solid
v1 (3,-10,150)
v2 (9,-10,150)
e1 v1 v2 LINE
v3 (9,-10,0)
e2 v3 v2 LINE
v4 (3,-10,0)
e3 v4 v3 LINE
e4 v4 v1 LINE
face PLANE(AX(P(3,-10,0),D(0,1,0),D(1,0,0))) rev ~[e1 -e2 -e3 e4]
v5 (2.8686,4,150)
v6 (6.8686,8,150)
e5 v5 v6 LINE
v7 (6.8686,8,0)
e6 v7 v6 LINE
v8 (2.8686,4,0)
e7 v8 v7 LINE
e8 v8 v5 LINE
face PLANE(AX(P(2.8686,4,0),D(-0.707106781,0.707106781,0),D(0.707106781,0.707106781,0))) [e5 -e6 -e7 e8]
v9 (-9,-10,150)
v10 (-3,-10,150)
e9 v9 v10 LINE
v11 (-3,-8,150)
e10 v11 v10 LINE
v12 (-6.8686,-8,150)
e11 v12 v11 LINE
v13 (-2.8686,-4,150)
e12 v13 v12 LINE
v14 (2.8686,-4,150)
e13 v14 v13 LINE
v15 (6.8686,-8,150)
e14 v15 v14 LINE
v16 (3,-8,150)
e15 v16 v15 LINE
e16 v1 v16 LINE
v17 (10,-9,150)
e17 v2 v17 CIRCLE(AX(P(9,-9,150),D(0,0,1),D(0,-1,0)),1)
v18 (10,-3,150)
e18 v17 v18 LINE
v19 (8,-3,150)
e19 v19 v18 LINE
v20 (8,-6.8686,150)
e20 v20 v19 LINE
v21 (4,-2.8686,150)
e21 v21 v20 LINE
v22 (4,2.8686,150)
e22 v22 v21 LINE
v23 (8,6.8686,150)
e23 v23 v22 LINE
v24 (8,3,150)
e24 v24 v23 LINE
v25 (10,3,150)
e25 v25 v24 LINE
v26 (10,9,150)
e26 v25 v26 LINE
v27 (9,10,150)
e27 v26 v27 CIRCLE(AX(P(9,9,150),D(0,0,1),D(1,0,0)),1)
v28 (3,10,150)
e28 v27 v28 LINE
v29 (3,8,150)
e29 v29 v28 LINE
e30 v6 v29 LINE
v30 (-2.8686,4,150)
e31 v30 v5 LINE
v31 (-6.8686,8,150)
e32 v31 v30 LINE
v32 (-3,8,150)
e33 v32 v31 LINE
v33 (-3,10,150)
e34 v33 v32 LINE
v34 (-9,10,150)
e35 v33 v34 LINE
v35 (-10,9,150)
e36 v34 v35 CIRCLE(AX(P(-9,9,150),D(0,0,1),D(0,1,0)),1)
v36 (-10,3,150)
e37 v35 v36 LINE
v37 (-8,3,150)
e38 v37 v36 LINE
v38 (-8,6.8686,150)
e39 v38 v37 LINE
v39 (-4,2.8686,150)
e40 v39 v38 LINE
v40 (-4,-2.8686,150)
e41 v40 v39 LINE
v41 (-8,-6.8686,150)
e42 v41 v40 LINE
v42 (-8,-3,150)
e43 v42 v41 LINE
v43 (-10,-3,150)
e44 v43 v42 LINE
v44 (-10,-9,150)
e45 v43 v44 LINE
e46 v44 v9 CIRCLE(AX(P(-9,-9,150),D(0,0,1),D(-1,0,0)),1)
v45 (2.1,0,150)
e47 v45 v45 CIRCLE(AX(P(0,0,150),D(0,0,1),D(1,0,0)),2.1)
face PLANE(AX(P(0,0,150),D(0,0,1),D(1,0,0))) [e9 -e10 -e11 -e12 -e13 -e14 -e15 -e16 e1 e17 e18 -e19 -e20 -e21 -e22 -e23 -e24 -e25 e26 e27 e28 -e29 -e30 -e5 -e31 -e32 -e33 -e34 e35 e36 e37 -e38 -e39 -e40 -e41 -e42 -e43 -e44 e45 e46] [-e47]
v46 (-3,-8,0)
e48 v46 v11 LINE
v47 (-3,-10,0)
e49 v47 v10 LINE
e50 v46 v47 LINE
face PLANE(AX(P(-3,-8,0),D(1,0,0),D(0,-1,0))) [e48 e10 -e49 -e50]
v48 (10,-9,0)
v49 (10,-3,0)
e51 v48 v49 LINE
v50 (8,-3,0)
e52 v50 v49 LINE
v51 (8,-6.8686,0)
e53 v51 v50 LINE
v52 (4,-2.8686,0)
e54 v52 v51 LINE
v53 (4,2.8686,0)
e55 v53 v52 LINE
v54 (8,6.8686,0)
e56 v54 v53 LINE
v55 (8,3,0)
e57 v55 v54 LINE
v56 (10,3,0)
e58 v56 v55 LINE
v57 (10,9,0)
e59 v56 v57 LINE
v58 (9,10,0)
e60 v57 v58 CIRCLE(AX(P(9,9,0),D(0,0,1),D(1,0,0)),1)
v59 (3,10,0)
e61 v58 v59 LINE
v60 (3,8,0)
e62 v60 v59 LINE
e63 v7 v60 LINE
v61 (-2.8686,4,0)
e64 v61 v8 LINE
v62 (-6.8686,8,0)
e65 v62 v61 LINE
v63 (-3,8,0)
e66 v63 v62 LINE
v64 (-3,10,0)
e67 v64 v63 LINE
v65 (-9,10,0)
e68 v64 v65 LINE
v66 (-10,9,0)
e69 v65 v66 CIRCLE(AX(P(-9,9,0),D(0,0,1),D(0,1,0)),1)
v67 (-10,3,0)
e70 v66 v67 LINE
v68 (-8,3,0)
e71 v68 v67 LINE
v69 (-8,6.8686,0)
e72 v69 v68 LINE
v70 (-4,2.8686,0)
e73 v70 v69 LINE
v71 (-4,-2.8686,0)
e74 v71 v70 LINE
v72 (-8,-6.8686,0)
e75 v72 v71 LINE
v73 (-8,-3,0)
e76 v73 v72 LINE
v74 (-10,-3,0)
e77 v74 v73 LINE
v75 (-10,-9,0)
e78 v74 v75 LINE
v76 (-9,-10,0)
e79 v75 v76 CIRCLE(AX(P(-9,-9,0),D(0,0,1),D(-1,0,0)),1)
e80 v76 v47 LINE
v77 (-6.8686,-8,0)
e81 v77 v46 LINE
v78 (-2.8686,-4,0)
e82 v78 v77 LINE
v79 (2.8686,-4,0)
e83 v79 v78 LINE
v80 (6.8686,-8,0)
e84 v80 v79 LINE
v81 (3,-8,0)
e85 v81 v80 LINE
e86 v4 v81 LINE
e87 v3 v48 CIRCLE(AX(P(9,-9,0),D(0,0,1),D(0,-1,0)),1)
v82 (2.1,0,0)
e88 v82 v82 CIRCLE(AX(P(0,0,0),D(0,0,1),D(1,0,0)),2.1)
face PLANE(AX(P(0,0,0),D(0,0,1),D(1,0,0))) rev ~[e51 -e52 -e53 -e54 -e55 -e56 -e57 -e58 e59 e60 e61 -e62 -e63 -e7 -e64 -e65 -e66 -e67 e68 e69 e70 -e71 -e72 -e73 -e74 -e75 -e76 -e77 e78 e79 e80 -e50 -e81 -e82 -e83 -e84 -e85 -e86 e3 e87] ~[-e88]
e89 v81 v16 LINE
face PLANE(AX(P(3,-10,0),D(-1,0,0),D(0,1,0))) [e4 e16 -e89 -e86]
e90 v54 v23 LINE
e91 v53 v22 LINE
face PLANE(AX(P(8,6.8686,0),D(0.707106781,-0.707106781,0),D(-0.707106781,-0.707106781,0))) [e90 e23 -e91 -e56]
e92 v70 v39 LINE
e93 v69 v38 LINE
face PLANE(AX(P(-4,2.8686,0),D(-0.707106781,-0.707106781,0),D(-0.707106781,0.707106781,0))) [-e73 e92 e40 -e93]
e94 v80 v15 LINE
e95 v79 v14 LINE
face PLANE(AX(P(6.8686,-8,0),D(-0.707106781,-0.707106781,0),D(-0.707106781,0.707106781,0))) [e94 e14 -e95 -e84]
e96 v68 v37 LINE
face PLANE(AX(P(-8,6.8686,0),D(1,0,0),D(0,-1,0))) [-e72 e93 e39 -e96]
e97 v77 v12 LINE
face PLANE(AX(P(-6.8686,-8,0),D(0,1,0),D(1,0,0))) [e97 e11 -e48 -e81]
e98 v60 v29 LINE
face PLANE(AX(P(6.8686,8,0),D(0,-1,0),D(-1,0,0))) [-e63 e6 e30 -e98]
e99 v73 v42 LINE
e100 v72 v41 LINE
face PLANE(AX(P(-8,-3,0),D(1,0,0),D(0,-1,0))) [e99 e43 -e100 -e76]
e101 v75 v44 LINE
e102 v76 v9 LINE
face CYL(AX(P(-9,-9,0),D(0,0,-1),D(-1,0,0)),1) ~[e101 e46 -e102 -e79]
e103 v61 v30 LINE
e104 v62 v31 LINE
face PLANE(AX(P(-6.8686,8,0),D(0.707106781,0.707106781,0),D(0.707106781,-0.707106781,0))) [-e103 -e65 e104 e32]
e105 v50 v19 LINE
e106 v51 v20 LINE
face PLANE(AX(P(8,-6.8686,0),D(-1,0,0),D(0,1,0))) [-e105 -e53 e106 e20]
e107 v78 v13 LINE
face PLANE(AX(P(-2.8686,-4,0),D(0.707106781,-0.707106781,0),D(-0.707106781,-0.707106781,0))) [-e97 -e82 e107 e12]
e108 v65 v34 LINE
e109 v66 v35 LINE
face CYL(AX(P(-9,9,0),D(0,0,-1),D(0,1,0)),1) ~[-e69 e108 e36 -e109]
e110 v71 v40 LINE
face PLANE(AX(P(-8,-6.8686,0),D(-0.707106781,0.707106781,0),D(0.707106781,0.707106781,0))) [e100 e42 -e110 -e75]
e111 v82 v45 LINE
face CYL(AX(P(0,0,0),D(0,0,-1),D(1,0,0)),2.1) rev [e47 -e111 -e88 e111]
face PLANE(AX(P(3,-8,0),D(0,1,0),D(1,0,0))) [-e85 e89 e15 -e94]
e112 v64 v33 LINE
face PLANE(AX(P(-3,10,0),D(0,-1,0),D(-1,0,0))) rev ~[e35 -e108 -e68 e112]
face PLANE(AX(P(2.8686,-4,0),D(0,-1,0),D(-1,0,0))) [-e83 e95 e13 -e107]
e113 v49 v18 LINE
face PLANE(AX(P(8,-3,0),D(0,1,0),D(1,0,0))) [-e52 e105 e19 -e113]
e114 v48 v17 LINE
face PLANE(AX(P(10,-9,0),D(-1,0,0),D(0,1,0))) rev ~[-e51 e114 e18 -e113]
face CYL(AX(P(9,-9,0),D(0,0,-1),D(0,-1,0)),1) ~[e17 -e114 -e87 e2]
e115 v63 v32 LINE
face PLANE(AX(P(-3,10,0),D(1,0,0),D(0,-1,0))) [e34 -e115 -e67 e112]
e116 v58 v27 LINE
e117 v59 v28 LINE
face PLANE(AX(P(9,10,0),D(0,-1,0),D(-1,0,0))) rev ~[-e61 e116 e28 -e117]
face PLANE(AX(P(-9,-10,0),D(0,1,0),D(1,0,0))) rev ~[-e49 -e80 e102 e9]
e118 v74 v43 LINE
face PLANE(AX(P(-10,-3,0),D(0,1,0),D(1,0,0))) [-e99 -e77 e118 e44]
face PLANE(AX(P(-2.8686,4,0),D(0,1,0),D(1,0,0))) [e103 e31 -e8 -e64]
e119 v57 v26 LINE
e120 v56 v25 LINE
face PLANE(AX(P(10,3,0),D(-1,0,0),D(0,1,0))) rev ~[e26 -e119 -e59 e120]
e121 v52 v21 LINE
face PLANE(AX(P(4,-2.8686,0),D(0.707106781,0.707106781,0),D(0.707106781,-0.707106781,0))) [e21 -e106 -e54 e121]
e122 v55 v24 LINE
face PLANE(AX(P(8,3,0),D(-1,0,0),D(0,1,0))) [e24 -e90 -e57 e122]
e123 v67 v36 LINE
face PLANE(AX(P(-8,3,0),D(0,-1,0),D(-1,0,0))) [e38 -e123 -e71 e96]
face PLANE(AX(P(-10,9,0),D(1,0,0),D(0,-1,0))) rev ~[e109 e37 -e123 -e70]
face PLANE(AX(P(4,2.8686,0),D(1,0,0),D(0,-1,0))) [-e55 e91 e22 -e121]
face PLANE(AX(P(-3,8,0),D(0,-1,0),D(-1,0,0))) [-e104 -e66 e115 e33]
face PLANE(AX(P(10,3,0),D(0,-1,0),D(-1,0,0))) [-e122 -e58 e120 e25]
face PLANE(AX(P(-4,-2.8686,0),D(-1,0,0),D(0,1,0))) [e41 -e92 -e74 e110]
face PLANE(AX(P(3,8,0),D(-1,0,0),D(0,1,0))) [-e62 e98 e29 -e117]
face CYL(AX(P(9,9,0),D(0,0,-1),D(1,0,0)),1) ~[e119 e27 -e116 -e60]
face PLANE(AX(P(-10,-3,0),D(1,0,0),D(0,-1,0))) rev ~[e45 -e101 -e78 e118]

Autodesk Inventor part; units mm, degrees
ref_plane "YZ Plane" through (0, 0, 0) normal (1, 0, 0) x (0, 1, 0)
ref_plane "XZ Plane" through (0, 0, 0) normal (0, 1, 0) x (-1, 0, 0)
ref_plane "XY Plane" through (0, 0, 0) normal (0, 0, 1) x (1, 0, 0)
sketch "スケッチ1" plane through (0, 0, 0) normal (0, 0, 1) x (1, 0, 0)
  line L0 (-10, -10) -> (10, 10) construction
  line L1 (10, -10) -> (-10, 10) construction
  line L2 (10, 3) -> (8, 3)
  line L3 (8, 3) -> (8, 6.8686)
  line L4 (8, 6.8686) -> (4, 2.8686)
  line L5 (4, 2.8686) -> (4, -2.8686)
  line L6 (4, -2.8686) -> (8, -6.8686)
  line L7 (8, -6.8686) -> (8, -3)
  line L8 (8, -3) -> (10, -3)
  line L9 (-10, 0) -> (10, 0) construction
  line L10 (-3, 10) -> (-3, 8)
  line L11 (-3, 8) -> (-6.8686, 8)
  line L12 (-6.8686, 8) -> (-2.8686, 4)
  line L13 (-2.8686, 4) -> (2.8686, 4)
  line L14 (3, 8) -> (3, 10)
  line L15 (2.8686, 4) -> (6.8686, 8)
  line L16 (6.8686, 8) -> (3, 8)
  line L17 (-10, -3) -> (-8, -3)
  line L18 (-8, -3) -> (-8, -6.8686)
  line L19 (-8, -6.8686) -> (-4, -2.8686)
  line L20 (-4, -2.8686) -> (-4, 2.8686)
  line L21 (-8, 3) -> (-10, 3)
  line L22 (-4, 2.8686) -> (-8, 6.8686)
  line L23 (-8, 6.8686) -> (-8, 3)
  line L24 (3, -10) -> (3, -8)
  line L25 (3, -8) -> (6.8686, -8)
  line L26 (6.8686, -8) -> (2.8686, -4)
  line L27 (2.8686, -4) -> (-2.8686, -4)
  line L28 (-3, -8) -> (-3, -10)
  line L29 (-2.8686, -4) -> (-6.8686, -8)
  line L30 (-6.8686, -8) -> (-3, -8)
  line L31 (9, 10) -> (3, 10)
  line L32 (-3, 10) -> (-9, 10)
  line L33 (-10, 9) -> (-10, 3)
  line L34 (-10, -3) -> (-10, -9)
  line L35 (-9, -10) -> (-3, -10)
  line L36 (3, -10) -> (9, -10)
  line L37 (10, -9) -> (10, -3)
  line L38 (10, 3) -> (10, 9)
  circle A0 centre (0, 0) radius 2.1
  arc A1 (-9, 10) -> (-10, 9) centre (-9, 9) ccw
  arc A2 (-10, -9) -> (-9, -10) centre (-9, -9) ccw
  arc A3 (9, -10) -> (10, -9) centre (9, -9) ccw
  arc A4 (10, 9) -> (9, 10) centre (9, 9) ccw
  point P0 (0, 10)
  point P1 (-10, 0)
  point P2 (0, -10)
  dimension "d0" = 2
  dimension "d1" = 6
  dimension "d2" = 4
  dimension "d3" = 0.8
  dimension "d9" = 20
  dimension "d10" = 4.2
  dimension "d11" = 1
extrude "押し出し1" add sketch "スケッチ1" along normal blind 150
properties part number "高剛性フレーム"
